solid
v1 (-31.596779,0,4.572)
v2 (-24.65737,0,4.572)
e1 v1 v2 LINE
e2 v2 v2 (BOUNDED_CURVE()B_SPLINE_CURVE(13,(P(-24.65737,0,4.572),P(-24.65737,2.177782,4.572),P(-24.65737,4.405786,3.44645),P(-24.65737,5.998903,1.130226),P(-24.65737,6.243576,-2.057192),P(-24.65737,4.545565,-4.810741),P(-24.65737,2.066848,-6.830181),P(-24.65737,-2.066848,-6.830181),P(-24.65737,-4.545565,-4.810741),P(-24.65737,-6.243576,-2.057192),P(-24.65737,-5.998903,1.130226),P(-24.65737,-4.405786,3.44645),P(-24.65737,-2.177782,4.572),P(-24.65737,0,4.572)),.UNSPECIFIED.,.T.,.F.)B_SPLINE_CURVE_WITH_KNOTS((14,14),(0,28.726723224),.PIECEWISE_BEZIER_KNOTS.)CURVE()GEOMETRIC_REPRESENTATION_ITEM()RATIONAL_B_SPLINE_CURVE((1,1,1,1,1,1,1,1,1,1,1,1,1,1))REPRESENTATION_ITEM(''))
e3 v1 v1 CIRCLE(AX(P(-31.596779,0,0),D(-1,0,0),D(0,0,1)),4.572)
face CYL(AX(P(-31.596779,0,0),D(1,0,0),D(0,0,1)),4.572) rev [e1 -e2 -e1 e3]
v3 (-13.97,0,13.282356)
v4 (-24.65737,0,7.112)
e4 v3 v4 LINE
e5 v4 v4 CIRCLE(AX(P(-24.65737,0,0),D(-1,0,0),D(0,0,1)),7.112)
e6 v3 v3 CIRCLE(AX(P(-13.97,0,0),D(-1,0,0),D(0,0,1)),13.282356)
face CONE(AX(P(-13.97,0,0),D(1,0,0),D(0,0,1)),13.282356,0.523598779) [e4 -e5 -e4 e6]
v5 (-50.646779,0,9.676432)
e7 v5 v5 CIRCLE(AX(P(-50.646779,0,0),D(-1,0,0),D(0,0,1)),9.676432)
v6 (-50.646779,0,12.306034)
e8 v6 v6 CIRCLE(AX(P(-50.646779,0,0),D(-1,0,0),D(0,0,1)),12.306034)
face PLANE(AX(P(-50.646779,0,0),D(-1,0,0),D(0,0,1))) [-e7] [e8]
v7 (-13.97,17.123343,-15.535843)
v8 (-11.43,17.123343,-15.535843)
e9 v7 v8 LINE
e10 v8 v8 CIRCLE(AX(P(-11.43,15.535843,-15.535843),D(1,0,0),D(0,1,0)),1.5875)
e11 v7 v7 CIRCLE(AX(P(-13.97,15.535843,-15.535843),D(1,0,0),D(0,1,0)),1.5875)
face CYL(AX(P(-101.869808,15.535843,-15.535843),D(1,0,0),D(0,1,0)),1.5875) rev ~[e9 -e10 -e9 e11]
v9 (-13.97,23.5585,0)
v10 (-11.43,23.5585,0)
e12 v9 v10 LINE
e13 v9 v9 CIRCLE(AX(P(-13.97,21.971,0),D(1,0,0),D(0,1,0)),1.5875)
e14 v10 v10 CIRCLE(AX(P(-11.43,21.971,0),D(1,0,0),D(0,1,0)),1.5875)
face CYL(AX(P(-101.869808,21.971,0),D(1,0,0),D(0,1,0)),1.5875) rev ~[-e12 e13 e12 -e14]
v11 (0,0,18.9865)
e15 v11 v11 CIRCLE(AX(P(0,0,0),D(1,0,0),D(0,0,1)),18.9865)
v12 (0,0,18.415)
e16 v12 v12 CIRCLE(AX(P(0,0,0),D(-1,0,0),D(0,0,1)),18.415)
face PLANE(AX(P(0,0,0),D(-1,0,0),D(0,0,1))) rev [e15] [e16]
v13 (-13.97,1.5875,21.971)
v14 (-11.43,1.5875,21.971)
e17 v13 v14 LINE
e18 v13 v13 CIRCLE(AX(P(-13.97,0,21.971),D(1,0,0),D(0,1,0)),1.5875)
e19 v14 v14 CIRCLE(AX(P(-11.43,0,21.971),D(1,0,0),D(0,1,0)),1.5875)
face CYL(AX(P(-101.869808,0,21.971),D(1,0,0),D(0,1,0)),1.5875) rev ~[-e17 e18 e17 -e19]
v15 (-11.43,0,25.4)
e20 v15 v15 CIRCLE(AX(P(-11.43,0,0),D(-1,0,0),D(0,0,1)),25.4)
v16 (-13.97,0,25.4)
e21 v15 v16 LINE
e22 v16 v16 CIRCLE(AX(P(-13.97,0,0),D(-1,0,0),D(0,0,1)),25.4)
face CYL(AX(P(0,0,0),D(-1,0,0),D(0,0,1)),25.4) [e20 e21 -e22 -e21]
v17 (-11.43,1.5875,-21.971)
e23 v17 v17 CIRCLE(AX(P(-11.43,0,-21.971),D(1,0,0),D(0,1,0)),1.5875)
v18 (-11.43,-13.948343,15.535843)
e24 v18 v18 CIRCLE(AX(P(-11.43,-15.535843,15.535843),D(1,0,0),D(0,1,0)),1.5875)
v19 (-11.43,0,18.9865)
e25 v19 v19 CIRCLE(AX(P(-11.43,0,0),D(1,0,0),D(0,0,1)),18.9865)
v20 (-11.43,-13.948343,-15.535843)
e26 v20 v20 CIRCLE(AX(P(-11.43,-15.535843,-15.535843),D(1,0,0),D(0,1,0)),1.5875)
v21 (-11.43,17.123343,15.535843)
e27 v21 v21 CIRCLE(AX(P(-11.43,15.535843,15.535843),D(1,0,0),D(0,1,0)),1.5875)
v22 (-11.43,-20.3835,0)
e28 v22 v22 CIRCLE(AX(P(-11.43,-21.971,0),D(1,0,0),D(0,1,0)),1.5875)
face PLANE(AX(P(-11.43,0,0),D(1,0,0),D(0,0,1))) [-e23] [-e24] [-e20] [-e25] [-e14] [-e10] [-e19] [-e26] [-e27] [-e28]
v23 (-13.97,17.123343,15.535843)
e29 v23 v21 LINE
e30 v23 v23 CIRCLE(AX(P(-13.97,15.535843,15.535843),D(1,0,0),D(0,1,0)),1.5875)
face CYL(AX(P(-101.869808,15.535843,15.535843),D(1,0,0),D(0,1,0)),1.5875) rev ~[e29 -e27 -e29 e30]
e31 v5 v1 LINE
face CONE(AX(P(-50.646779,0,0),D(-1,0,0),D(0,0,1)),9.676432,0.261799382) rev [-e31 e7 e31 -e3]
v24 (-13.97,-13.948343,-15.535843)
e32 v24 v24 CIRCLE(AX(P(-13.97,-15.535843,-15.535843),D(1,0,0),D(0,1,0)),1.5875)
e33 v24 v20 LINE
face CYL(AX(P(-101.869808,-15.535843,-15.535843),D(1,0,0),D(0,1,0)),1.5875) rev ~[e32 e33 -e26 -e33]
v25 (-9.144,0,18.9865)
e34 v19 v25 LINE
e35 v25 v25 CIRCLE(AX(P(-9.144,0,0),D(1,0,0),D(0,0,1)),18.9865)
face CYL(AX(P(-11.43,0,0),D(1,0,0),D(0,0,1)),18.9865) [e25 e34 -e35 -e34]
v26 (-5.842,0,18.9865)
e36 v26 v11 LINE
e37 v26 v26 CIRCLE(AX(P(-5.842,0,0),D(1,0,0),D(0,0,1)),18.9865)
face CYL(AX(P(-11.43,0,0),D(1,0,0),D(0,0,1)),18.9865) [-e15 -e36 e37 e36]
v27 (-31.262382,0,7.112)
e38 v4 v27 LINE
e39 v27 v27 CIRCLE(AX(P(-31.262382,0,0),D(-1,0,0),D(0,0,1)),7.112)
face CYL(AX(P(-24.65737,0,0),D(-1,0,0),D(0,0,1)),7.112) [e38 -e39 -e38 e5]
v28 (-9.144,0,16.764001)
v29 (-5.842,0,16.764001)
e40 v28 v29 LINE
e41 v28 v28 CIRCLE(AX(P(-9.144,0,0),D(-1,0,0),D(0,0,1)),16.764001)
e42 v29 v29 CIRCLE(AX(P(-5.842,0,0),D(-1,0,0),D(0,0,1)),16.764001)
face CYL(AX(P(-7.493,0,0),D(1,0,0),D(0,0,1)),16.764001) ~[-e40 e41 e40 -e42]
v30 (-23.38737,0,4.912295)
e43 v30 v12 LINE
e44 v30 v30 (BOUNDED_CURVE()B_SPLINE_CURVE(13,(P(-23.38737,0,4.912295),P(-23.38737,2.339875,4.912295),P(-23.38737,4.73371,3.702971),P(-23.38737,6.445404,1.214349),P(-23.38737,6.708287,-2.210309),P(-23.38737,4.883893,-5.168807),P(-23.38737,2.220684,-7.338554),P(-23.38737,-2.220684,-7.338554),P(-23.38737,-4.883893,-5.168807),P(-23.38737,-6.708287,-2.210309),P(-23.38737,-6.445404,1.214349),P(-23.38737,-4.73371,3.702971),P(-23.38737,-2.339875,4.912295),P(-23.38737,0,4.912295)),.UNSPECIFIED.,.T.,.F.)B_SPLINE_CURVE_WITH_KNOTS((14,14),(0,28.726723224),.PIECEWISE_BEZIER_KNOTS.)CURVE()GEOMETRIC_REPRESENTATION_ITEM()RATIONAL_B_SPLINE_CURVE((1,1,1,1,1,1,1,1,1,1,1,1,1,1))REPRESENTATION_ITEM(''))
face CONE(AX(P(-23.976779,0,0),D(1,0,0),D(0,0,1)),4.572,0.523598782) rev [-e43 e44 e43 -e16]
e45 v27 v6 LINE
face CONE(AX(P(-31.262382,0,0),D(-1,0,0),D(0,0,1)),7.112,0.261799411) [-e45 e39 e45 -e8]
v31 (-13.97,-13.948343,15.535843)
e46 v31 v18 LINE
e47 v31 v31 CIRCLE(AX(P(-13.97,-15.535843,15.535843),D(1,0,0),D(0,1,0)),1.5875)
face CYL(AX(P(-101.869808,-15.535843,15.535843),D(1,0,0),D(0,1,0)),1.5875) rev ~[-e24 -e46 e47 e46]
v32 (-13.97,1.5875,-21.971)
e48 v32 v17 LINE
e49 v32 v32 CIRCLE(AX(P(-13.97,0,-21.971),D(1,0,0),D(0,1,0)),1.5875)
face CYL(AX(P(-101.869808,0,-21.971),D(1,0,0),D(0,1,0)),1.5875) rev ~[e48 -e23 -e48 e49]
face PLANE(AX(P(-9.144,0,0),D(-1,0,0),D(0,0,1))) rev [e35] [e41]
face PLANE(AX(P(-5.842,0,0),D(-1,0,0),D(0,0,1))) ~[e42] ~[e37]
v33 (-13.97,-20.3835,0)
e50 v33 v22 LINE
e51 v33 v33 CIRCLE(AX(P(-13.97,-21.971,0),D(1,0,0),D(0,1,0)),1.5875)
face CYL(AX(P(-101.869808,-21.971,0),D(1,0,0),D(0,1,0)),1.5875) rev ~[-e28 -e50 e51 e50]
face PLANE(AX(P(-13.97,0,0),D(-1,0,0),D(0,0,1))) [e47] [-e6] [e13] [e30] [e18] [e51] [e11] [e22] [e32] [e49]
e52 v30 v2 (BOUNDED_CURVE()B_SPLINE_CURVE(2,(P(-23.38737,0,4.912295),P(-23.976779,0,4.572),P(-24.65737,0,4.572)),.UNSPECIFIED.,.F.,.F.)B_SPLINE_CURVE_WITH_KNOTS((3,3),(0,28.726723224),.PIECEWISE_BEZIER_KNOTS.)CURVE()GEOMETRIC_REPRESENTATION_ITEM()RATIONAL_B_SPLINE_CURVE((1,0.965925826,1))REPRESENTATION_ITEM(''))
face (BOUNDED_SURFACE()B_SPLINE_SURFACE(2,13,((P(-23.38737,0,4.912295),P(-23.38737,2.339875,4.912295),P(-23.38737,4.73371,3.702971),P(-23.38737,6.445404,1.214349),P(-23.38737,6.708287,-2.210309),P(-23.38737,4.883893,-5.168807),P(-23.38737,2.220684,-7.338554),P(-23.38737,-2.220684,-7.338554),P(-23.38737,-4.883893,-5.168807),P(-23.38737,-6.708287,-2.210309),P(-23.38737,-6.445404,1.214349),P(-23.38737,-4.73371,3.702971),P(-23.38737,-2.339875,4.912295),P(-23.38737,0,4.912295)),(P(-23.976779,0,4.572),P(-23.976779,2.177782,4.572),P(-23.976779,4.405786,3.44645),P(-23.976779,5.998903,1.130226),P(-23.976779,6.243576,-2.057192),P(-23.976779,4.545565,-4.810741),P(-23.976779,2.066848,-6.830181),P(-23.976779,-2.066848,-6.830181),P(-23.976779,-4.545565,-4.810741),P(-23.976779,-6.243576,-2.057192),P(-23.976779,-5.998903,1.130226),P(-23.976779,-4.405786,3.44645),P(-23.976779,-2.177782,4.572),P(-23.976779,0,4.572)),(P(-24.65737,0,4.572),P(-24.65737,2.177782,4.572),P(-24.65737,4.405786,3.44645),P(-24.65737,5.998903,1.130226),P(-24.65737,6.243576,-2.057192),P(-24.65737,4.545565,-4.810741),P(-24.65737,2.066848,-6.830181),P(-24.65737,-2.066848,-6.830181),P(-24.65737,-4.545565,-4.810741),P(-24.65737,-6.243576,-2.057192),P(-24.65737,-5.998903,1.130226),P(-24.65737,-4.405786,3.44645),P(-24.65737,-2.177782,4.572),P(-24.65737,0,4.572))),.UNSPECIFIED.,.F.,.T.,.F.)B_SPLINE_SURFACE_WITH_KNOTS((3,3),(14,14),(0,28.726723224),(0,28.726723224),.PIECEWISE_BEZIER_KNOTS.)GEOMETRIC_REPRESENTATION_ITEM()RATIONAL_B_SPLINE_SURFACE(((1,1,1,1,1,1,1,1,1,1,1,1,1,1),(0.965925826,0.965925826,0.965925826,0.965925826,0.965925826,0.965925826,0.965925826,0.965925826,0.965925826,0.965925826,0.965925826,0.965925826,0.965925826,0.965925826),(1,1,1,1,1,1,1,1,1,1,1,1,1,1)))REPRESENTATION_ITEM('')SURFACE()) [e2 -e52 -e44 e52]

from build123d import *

# Parameters (mm, degrees)
F2_R = 2.54
F5_W = 3.302
F5_H = 4.953003
F8_D = 3.175


with BuildPart() as f1:
    # F0 (on Front) → F1 (revolve)
    with BuildSketch(Plane.XZ):
        Polygon((-23.976779, 4.572), (0, 18.415), (0, 25.4), (-13.97, 25.4), (-13.97, 13.282356), (-24.65737, 7.112), (-31.262382, 7.112), (-50.646779, 12.306034), (-50.646779, 9.676432), (-31.596779, 4.572), align=None)
    revolve(axis=Axis((-17.938589, 0, 0), (-1, 0, 0)))

    # F2
    f2_edges = [f1.edges().sort_by_distance(p)[0] for p in [
        (-23.976779, 0, -4.572),
    ]]
    fillet(f2_edges, radius=F2_R)

    # F3 (on Front) → F4 (revolve, cut)
    with BuildSketch(Plane.XZ):
        Polygon((-11.43, 18.9865), (10.714284, 18.9865), (9.031125, 27.501298), (-11.43, 27.501298), align=None)
    revolve(axis=Axis((6.990795, 0, 0), (1, 0, 0)), mode=Mode.SUBTRACT)

    # F5 (on Front) → F6 (revolve, cut)
    with BuildSketch(Plane.XZ):
        with Locations((-7.493, 19.240502)):
            Rectangle(F5_W, F5_H)
    revolve(axis=Axis((-24.65737, 0, 0), (-1, 0, 0)), mode=Mode.SUBTRACT)

    # F8 (through all)
    with Locations(Plane(origin=(-13.97, 0, 0), x_dir=(0, -1, 0), z_dir=(-1, 0, 0))):
        with Locations((0, 21.971), (15.535843, 15.535843), (21.971, 0), (15.535843, -15.535843), (0, -21.971), (-15.535843, -15.535843), (-21.971, 0), (-15.535843, 15.535843)):
            Hole(F8_D / 2)


solid = f1.part
